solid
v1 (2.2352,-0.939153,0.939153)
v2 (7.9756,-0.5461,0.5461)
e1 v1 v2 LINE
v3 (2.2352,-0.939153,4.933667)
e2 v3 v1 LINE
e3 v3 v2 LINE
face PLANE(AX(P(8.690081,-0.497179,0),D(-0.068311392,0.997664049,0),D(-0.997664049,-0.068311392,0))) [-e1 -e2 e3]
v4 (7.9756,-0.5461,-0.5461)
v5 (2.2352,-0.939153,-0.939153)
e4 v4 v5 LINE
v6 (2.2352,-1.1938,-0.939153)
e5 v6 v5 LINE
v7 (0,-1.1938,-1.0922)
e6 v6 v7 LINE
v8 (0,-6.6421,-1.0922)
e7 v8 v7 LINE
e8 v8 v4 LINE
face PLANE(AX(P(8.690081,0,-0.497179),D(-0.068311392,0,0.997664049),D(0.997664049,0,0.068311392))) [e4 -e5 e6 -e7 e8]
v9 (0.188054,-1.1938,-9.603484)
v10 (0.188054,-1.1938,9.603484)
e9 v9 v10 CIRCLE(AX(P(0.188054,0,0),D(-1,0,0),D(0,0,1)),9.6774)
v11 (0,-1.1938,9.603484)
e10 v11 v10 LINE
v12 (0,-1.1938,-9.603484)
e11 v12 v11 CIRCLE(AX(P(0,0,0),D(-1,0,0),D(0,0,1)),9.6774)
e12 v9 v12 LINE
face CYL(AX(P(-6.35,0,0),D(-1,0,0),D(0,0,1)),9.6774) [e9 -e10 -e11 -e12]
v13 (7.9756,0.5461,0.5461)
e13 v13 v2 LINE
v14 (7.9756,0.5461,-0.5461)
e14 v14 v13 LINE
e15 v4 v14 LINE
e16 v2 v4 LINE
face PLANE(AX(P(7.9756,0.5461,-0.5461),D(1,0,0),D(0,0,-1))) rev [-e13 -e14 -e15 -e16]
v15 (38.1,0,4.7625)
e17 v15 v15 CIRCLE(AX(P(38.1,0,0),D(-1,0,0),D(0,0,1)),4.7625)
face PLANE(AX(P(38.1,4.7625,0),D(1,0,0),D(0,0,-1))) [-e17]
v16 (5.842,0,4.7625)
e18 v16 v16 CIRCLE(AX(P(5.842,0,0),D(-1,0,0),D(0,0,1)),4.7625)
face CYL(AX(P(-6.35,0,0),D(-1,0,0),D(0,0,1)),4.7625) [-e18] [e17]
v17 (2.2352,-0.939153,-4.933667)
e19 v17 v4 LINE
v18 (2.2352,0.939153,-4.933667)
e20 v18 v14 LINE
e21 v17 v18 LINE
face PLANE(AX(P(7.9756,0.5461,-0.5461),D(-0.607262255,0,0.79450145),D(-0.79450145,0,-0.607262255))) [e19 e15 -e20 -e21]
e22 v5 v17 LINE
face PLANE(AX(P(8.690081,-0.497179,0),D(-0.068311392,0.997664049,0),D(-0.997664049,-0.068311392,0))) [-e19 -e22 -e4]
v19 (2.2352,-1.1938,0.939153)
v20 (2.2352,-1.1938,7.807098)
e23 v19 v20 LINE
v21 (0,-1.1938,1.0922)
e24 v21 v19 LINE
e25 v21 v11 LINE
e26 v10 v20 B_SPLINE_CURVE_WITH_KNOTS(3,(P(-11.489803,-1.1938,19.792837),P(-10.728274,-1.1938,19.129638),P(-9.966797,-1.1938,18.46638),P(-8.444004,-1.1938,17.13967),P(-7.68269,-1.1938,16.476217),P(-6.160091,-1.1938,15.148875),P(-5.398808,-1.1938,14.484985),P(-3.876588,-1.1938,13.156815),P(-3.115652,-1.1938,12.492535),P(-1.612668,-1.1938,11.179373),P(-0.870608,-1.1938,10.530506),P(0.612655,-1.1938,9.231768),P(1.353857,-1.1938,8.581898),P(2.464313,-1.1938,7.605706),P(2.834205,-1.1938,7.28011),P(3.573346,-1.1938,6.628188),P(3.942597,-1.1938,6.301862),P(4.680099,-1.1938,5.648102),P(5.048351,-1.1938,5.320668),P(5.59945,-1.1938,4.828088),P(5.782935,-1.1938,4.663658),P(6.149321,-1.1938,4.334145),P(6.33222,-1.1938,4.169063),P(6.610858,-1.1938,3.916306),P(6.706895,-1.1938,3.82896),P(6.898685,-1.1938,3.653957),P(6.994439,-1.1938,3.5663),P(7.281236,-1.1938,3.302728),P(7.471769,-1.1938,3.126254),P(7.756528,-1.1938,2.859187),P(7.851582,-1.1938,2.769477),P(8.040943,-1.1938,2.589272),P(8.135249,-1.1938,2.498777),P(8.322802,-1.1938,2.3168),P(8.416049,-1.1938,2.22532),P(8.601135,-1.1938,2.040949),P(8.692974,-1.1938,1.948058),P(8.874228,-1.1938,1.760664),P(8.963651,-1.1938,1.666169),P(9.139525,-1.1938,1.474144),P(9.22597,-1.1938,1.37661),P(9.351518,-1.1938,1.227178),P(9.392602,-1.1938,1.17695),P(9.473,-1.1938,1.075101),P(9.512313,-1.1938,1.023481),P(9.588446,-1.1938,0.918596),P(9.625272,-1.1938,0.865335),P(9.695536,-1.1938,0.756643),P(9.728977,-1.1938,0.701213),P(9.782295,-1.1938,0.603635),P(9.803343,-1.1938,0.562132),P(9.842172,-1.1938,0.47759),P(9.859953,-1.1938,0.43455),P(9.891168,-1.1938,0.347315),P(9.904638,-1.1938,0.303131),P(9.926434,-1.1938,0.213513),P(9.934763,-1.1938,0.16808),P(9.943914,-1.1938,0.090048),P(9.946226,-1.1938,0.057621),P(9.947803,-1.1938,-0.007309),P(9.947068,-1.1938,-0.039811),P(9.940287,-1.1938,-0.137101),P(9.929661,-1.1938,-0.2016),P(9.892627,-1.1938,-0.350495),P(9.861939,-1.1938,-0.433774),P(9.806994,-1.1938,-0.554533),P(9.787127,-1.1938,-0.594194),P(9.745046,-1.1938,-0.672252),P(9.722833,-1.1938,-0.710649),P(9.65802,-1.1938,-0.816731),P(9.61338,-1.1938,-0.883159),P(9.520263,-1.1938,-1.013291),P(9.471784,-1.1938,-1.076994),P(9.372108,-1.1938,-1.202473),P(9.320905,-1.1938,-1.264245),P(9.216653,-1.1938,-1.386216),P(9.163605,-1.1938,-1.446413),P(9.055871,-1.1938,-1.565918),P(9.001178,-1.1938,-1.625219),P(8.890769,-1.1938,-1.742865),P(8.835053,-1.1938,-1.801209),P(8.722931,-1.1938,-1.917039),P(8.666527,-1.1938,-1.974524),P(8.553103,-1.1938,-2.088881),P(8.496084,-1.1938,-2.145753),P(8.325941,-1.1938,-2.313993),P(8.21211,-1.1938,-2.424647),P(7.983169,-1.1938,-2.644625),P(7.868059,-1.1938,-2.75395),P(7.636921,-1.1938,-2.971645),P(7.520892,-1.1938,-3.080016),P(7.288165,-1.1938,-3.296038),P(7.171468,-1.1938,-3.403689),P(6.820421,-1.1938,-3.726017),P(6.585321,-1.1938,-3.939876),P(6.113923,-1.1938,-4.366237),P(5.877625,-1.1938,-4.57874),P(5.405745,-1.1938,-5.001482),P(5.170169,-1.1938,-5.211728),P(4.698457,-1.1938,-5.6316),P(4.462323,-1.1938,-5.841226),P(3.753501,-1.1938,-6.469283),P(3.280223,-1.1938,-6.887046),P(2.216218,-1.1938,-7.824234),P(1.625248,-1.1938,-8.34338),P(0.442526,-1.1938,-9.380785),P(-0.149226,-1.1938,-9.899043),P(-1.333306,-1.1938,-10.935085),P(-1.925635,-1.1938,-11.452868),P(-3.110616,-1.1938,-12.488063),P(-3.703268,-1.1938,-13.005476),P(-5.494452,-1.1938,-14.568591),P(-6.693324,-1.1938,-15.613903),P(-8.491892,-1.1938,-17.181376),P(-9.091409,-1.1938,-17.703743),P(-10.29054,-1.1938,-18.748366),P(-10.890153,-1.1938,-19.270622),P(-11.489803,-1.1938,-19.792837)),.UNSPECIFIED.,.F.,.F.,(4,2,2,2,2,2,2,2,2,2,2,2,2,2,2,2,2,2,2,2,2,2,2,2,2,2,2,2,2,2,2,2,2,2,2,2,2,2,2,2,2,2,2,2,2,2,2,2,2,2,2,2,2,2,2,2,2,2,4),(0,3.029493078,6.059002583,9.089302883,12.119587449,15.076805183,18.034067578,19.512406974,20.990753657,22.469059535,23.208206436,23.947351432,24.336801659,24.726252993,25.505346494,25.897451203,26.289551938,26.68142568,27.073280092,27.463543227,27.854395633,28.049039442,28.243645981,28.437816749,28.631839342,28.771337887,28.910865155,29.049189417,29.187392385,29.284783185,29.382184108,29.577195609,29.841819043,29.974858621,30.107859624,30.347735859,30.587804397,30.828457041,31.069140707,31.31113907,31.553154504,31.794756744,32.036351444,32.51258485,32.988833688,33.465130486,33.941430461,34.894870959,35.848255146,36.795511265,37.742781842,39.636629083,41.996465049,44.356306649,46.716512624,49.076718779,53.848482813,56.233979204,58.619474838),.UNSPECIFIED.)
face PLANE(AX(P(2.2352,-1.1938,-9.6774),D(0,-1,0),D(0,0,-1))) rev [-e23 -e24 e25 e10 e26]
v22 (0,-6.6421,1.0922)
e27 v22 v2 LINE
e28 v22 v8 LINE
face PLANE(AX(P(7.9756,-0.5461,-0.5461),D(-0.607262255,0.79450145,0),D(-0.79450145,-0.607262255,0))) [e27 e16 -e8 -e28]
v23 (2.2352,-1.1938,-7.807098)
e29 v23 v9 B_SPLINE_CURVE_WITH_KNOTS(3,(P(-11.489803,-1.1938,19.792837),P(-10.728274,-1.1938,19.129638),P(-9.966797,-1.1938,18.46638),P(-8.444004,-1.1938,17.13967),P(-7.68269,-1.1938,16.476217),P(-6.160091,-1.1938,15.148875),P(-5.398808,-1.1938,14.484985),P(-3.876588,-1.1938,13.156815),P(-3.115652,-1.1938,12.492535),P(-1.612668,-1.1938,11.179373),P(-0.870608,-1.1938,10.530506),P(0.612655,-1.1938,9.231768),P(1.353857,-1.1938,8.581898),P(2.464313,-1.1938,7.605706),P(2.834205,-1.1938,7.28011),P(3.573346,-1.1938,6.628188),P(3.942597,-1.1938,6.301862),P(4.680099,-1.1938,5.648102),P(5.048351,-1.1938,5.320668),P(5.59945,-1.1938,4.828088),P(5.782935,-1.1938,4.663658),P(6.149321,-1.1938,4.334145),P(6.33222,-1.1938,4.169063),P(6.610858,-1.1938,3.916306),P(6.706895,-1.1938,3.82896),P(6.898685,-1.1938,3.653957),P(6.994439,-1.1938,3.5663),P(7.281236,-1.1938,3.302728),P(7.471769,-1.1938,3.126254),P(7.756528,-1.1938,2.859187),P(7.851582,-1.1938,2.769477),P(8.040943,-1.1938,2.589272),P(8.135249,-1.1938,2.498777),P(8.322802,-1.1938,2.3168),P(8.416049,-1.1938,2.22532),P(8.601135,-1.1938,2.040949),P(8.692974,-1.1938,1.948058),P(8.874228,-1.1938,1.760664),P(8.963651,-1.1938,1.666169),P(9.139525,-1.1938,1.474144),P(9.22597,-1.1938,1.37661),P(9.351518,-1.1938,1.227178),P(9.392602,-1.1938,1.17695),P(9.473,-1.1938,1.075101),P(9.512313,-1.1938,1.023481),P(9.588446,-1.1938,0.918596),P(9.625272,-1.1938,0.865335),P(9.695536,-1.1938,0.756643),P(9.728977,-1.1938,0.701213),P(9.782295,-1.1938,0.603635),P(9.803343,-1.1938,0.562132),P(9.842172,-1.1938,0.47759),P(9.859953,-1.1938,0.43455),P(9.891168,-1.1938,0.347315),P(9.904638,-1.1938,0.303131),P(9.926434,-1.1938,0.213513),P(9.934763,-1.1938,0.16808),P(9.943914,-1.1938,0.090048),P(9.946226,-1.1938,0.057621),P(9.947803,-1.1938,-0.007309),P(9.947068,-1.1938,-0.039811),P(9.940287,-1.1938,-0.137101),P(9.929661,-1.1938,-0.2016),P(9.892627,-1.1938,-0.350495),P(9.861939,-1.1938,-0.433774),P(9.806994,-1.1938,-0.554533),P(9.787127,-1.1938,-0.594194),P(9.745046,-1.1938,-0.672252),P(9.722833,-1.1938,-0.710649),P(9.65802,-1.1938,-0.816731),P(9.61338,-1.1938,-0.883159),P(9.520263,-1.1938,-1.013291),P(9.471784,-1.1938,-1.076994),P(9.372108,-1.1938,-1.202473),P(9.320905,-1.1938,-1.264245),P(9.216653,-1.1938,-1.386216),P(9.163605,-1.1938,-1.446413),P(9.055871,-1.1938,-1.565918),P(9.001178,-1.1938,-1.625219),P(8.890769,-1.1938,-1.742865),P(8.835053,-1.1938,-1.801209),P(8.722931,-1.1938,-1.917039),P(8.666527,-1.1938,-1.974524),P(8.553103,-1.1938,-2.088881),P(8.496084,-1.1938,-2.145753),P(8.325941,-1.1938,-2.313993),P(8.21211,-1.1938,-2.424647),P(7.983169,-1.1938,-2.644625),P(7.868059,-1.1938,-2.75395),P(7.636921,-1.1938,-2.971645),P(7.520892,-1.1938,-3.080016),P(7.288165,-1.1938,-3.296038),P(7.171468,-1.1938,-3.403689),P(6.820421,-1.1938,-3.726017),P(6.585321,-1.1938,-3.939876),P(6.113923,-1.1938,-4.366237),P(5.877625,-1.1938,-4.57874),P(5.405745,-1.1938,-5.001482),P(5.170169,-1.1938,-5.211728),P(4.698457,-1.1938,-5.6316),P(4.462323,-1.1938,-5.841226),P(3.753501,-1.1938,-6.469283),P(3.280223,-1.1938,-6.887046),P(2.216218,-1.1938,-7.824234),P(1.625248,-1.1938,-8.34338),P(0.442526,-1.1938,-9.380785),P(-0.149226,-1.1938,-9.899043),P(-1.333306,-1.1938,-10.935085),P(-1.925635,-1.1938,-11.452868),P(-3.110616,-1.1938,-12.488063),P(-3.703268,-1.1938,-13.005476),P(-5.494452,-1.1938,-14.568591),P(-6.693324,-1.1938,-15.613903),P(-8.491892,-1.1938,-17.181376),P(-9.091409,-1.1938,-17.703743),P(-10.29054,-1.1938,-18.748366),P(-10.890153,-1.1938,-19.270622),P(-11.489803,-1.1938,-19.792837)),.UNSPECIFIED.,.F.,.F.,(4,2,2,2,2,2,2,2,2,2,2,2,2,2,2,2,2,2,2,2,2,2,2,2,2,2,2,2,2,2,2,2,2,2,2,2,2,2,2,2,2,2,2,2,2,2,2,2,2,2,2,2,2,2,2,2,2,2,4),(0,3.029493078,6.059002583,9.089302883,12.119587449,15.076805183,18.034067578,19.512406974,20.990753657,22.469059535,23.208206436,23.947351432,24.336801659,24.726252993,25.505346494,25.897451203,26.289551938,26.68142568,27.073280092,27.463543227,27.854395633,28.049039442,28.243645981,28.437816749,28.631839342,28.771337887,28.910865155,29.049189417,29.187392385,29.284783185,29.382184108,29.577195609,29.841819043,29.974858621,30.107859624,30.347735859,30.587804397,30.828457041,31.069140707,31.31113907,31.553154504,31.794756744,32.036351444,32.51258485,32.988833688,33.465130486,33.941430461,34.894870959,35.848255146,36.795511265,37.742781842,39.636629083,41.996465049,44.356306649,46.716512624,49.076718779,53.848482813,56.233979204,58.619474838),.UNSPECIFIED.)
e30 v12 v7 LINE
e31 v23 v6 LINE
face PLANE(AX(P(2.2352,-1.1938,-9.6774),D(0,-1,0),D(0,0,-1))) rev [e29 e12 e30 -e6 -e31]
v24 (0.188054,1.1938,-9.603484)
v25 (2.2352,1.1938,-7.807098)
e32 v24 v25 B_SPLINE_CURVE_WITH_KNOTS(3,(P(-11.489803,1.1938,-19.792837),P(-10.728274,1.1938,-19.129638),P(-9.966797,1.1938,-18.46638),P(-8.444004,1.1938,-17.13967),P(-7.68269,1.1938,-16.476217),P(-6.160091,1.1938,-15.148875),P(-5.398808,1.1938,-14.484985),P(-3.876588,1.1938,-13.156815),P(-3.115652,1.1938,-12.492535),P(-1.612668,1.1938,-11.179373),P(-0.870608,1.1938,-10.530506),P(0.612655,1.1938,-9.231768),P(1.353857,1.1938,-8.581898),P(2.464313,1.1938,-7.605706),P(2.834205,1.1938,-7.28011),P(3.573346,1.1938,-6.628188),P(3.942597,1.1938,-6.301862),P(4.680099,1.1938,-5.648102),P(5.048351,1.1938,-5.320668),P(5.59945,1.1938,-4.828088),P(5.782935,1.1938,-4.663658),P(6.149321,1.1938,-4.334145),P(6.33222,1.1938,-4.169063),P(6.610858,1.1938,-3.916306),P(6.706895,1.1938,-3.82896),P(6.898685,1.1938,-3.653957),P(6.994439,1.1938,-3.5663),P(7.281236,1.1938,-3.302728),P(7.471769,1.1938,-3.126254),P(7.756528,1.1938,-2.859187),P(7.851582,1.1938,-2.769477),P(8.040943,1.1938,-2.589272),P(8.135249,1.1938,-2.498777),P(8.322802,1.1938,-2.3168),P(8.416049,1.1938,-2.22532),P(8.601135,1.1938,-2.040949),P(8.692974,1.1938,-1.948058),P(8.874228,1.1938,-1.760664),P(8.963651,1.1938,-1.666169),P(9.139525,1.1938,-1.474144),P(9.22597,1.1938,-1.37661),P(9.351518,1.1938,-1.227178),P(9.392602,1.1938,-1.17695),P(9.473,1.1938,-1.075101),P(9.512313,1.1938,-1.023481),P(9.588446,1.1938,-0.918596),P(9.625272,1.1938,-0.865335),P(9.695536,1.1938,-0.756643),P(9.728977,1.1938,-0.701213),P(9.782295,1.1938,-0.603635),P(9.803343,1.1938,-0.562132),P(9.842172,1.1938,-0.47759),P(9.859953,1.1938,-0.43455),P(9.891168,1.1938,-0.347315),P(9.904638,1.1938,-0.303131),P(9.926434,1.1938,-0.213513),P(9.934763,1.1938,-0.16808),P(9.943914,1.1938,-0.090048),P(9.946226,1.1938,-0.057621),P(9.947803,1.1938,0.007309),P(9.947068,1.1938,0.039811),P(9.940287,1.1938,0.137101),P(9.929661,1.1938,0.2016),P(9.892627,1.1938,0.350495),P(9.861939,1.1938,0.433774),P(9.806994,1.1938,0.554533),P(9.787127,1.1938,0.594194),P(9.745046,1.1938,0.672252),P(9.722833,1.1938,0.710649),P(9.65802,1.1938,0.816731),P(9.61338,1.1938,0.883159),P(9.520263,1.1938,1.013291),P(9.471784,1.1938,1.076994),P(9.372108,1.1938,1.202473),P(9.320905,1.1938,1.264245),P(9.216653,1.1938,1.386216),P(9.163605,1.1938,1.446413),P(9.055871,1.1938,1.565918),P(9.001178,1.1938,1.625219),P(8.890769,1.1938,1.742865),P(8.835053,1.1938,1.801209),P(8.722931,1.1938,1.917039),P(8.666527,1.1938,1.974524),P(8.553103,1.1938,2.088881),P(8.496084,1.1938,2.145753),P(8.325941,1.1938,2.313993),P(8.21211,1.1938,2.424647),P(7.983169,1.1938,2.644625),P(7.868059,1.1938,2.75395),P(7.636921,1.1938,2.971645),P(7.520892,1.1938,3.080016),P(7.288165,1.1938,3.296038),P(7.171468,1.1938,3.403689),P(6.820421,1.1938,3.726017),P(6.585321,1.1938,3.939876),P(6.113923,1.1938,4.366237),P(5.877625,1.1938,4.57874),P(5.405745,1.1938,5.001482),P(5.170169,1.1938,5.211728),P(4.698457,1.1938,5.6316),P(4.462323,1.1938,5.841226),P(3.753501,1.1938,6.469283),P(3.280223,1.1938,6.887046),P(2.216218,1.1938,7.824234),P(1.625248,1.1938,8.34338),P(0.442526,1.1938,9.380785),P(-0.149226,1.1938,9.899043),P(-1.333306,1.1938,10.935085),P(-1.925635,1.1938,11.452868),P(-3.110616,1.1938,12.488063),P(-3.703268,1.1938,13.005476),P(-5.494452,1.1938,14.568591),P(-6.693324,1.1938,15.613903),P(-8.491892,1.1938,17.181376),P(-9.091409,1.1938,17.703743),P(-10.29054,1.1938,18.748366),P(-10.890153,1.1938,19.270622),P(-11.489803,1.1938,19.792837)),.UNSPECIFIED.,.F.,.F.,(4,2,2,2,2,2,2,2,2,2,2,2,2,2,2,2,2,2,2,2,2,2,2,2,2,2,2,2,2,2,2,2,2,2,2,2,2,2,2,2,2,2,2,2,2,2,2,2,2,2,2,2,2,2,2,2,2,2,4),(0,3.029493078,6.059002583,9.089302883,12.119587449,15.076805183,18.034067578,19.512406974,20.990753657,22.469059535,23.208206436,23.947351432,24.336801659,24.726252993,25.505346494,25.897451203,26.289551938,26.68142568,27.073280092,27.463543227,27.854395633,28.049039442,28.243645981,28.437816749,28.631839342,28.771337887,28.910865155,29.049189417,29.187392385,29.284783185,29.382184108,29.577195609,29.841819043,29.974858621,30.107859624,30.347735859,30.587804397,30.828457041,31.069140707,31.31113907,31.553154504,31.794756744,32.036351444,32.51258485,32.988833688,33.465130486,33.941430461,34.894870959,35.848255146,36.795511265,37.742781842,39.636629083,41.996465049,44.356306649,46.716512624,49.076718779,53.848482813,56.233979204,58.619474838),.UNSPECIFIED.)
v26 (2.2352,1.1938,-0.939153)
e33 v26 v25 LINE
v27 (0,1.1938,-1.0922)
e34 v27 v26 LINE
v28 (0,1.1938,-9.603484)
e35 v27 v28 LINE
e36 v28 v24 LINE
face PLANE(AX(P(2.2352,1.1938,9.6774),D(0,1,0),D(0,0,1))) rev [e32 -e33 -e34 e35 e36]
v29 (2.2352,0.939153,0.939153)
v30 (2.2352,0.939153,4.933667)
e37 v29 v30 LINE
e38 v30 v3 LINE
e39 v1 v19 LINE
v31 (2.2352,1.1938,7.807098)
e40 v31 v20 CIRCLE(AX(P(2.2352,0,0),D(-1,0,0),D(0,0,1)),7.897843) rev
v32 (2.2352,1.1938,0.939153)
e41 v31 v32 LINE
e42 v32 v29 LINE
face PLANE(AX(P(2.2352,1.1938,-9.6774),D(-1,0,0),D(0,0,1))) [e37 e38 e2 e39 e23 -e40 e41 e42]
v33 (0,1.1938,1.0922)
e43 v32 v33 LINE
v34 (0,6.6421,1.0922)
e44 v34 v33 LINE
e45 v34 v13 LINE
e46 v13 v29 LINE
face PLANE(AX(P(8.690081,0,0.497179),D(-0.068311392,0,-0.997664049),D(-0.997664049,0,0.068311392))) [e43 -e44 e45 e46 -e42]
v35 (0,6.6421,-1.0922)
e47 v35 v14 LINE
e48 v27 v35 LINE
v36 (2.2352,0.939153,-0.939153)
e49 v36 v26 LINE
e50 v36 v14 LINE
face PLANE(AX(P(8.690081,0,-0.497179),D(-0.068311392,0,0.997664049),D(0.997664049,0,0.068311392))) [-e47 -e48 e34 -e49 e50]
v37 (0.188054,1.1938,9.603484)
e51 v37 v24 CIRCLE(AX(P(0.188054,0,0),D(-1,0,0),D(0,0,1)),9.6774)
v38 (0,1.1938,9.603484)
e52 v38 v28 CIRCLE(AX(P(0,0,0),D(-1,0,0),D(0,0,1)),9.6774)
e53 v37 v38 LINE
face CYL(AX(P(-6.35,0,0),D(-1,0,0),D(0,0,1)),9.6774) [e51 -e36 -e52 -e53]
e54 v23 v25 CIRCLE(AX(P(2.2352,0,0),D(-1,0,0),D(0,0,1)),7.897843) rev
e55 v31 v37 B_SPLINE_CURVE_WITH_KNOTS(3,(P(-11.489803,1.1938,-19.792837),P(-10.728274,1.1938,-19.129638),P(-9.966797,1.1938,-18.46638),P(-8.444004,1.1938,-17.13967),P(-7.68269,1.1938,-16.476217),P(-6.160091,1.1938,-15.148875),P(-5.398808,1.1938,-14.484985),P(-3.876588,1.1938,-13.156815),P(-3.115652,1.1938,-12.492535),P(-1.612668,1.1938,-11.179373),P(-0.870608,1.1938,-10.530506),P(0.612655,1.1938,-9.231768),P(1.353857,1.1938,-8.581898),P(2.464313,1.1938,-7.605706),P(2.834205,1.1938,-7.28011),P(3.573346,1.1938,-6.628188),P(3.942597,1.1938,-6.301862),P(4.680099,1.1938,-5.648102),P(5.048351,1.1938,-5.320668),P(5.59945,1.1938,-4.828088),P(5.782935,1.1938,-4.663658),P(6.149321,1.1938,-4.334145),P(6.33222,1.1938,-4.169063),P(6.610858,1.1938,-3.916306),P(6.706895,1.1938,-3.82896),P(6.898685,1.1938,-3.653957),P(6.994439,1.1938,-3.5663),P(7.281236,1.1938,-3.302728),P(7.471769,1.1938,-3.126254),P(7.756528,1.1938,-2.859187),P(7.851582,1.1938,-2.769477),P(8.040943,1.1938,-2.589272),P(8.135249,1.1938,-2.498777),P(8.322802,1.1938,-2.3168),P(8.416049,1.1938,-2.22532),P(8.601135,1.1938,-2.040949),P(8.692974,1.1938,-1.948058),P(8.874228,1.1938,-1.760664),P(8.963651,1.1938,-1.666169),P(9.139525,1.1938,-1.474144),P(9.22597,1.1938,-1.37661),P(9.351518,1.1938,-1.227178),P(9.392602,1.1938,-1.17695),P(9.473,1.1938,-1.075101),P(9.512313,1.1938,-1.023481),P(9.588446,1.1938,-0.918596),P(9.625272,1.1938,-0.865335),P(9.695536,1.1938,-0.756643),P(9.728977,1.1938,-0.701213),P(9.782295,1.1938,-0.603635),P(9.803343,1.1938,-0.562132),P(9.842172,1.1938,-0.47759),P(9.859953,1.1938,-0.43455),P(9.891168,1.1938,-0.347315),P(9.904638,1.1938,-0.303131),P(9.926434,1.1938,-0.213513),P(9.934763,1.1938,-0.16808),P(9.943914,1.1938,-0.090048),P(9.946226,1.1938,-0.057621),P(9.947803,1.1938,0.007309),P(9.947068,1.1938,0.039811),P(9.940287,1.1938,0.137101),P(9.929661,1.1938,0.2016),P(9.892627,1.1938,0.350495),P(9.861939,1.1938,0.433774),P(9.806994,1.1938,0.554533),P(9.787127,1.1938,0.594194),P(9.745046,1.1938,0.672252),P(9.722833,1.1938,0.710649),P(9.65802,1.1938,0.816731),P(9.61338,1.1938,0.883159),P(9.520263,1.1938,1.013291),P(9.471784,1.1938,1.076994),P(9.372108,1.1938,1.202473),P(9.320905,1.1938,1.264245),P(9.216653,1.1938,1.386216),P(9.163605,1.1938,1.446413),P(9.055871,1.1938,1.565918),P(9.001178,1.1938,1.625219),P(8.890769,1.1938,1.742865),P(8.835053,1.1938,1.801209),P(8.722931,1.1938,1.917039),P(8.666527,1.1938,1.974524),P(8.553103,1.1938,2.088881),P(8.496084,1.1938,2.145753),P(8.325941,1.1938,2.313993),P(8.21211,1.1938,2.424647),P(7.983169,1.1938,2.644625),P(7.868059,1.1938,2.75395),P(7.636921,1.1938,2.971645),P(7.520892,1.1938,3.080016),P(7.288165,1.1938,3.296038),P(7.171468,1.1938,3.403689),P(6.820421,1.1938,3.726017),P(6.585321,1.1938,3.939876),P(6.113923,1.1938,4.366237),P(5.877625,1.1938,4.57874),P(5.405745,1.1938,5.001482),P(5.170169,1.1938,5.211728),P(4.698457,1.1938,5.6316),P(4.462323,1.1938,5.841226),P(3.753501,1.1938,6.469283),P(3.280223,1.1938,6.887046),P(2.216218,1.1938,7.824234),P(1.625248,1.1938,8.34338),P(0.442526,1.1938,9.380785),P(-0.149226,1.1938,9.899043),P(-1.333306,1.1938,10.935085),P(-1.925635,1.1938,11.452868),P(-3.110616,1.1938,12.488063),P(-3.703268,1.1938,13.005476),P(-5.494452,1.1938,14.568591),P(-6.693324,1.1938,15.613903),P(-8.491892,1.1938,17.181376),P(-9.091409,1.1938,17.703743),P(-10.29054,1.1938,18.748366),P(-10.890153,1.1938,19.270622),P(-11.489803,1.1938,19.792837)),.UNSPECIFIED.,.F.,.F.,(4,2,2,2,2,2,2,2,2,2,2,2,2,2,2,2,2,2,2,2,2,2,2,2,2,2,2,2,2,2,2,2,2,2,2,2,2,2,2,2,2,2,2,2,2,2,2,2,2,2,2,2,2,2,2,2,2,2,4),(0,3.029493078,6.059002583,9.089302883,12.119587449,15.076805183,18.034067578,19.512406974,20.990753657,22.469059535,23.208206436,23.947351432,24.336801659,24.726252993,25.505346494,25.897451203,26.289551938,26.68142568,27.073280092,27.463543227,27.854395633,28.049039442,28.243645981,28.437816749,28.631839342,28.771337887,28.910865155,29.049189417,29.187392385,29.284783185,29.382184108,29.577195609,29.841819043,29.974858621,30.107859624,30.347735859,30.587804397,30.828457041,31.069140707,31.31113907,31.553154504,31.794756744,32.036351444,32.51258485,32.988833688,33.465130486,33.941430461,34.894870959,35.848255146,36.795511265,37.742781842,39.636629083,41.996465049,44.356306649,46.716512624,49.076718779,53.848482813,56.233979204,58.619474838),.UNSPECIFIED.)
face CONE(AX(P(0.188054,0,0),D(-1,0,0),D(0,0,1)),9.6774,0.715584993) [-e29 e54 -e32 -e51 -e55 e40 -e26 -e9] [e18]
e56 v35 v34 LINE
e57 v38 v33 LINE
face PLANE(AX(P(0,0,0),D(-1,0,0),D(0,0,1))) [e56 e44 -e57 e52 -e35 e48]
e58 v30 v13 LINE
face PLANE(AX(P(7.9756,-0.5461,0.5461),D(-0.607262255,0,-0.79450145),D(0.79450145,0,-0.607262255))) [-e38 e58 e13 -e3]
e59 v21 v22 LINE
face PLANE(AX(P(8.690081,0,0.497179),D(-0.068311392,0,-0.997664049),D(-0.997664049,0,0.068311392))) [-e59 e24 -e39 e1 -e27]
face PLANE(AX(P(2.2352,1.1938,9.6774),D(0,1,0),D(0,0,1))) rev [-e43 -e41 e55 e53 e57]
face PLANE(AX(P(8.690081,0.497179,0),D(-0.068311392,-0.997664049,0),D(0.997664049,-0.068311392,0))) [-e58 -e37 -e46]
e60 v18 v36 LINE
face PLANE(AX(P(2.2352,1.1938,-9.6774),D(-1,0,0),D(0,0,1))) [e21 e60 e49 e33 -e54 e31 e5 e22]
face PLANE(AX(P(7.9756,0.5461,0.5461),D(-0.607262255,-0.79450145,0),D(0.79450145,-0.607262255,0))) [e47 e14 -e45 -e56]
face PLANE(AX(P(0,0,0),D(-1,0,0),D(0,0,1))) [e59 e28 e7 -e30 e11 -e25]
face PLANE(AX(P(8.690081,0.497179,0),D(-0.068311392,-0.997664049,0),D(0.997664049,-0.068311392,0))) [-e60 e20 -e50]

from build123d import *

# Parameters (mm, degrees)
SKETCH2_W         = 19.3548
SKETCH2_H         = 2.3876
SLOT_DEPTH        = 2.2352
CIRPATTERN1_COUNT = 2
CIRPATTERN1_ANGLE = 90


with BuildPart() as part:
    # BodySke → Base-Revolve (revolve)
    with BuildSketch(Plane.XY, mode=Mode.PRIVATE) as base_revolve_sk:
        Polygon((0, 0), (0, 9.6774), (0.188054315, 9.6774), (5.842, 4.7625), (38.1, 4.7625), (38.1, 0), align=None)
    revolve(base_revolve_sk.sketch.rotate(Axis((-6.35, 0, 0), (1, 0, 0)), 90), axis=Axis((-6.35, 0, 0), (1, 0, 0)))

    # Sketch2 → Slot (cut)
    with BuildSketch(Plane.ZY):
        Rectangle(SKETCH2_W, SKETCH2_H)
    extrude(amount=-SLOT_DEPTH, mode=Mode.SUBTRACT)

    # Sketch3 → Cross section 0
    with BuildSketch(Plane.ZY):
        with BuildLine():
            Line((-1.0922, 6.6421), (1.0922, 6.6421))
            Line((1.0922, 6.6421), (1.0922, -6.6421))
            Line((1.0922, -6.6421), (-1.0922, -6.6421))
            Line((-1.0922, -6.6421), (-1.0922, 6.6421))
        make_face()
    # Sketch4 → Cross section 1
    with BuildSketch(Plane.ZY.offset(-7.9756)):
        with BuildLine():
            Line((-0.5461, 0.5461), (0.5461, 0.5461))
            Line((0.5461, 0.5461), (0.5461, -0.5461))
            Line((0.5461, -0.5461), (-0.5461, -0.5461))
            Line((-0.5461, -0.5461), (-0.5461, 0.5461))
        make_face()
    cross = loft(mode=Mode.SUBTRACT)

    # CirPattern1: Cross ×2 about axis
    cirpattern1_axis = Axis((0, 0, 0), (1, 0, 0))
    for i in range(1, CIRPATTERN1_COUNT):
        add(cross.rotate(cirpattern1_axis, i * CIRPATTERN1_ANGLE / (CIRPATTERN1_COUNT - 1)), mode=Mode.SUBTRACT)


solid = part.part
